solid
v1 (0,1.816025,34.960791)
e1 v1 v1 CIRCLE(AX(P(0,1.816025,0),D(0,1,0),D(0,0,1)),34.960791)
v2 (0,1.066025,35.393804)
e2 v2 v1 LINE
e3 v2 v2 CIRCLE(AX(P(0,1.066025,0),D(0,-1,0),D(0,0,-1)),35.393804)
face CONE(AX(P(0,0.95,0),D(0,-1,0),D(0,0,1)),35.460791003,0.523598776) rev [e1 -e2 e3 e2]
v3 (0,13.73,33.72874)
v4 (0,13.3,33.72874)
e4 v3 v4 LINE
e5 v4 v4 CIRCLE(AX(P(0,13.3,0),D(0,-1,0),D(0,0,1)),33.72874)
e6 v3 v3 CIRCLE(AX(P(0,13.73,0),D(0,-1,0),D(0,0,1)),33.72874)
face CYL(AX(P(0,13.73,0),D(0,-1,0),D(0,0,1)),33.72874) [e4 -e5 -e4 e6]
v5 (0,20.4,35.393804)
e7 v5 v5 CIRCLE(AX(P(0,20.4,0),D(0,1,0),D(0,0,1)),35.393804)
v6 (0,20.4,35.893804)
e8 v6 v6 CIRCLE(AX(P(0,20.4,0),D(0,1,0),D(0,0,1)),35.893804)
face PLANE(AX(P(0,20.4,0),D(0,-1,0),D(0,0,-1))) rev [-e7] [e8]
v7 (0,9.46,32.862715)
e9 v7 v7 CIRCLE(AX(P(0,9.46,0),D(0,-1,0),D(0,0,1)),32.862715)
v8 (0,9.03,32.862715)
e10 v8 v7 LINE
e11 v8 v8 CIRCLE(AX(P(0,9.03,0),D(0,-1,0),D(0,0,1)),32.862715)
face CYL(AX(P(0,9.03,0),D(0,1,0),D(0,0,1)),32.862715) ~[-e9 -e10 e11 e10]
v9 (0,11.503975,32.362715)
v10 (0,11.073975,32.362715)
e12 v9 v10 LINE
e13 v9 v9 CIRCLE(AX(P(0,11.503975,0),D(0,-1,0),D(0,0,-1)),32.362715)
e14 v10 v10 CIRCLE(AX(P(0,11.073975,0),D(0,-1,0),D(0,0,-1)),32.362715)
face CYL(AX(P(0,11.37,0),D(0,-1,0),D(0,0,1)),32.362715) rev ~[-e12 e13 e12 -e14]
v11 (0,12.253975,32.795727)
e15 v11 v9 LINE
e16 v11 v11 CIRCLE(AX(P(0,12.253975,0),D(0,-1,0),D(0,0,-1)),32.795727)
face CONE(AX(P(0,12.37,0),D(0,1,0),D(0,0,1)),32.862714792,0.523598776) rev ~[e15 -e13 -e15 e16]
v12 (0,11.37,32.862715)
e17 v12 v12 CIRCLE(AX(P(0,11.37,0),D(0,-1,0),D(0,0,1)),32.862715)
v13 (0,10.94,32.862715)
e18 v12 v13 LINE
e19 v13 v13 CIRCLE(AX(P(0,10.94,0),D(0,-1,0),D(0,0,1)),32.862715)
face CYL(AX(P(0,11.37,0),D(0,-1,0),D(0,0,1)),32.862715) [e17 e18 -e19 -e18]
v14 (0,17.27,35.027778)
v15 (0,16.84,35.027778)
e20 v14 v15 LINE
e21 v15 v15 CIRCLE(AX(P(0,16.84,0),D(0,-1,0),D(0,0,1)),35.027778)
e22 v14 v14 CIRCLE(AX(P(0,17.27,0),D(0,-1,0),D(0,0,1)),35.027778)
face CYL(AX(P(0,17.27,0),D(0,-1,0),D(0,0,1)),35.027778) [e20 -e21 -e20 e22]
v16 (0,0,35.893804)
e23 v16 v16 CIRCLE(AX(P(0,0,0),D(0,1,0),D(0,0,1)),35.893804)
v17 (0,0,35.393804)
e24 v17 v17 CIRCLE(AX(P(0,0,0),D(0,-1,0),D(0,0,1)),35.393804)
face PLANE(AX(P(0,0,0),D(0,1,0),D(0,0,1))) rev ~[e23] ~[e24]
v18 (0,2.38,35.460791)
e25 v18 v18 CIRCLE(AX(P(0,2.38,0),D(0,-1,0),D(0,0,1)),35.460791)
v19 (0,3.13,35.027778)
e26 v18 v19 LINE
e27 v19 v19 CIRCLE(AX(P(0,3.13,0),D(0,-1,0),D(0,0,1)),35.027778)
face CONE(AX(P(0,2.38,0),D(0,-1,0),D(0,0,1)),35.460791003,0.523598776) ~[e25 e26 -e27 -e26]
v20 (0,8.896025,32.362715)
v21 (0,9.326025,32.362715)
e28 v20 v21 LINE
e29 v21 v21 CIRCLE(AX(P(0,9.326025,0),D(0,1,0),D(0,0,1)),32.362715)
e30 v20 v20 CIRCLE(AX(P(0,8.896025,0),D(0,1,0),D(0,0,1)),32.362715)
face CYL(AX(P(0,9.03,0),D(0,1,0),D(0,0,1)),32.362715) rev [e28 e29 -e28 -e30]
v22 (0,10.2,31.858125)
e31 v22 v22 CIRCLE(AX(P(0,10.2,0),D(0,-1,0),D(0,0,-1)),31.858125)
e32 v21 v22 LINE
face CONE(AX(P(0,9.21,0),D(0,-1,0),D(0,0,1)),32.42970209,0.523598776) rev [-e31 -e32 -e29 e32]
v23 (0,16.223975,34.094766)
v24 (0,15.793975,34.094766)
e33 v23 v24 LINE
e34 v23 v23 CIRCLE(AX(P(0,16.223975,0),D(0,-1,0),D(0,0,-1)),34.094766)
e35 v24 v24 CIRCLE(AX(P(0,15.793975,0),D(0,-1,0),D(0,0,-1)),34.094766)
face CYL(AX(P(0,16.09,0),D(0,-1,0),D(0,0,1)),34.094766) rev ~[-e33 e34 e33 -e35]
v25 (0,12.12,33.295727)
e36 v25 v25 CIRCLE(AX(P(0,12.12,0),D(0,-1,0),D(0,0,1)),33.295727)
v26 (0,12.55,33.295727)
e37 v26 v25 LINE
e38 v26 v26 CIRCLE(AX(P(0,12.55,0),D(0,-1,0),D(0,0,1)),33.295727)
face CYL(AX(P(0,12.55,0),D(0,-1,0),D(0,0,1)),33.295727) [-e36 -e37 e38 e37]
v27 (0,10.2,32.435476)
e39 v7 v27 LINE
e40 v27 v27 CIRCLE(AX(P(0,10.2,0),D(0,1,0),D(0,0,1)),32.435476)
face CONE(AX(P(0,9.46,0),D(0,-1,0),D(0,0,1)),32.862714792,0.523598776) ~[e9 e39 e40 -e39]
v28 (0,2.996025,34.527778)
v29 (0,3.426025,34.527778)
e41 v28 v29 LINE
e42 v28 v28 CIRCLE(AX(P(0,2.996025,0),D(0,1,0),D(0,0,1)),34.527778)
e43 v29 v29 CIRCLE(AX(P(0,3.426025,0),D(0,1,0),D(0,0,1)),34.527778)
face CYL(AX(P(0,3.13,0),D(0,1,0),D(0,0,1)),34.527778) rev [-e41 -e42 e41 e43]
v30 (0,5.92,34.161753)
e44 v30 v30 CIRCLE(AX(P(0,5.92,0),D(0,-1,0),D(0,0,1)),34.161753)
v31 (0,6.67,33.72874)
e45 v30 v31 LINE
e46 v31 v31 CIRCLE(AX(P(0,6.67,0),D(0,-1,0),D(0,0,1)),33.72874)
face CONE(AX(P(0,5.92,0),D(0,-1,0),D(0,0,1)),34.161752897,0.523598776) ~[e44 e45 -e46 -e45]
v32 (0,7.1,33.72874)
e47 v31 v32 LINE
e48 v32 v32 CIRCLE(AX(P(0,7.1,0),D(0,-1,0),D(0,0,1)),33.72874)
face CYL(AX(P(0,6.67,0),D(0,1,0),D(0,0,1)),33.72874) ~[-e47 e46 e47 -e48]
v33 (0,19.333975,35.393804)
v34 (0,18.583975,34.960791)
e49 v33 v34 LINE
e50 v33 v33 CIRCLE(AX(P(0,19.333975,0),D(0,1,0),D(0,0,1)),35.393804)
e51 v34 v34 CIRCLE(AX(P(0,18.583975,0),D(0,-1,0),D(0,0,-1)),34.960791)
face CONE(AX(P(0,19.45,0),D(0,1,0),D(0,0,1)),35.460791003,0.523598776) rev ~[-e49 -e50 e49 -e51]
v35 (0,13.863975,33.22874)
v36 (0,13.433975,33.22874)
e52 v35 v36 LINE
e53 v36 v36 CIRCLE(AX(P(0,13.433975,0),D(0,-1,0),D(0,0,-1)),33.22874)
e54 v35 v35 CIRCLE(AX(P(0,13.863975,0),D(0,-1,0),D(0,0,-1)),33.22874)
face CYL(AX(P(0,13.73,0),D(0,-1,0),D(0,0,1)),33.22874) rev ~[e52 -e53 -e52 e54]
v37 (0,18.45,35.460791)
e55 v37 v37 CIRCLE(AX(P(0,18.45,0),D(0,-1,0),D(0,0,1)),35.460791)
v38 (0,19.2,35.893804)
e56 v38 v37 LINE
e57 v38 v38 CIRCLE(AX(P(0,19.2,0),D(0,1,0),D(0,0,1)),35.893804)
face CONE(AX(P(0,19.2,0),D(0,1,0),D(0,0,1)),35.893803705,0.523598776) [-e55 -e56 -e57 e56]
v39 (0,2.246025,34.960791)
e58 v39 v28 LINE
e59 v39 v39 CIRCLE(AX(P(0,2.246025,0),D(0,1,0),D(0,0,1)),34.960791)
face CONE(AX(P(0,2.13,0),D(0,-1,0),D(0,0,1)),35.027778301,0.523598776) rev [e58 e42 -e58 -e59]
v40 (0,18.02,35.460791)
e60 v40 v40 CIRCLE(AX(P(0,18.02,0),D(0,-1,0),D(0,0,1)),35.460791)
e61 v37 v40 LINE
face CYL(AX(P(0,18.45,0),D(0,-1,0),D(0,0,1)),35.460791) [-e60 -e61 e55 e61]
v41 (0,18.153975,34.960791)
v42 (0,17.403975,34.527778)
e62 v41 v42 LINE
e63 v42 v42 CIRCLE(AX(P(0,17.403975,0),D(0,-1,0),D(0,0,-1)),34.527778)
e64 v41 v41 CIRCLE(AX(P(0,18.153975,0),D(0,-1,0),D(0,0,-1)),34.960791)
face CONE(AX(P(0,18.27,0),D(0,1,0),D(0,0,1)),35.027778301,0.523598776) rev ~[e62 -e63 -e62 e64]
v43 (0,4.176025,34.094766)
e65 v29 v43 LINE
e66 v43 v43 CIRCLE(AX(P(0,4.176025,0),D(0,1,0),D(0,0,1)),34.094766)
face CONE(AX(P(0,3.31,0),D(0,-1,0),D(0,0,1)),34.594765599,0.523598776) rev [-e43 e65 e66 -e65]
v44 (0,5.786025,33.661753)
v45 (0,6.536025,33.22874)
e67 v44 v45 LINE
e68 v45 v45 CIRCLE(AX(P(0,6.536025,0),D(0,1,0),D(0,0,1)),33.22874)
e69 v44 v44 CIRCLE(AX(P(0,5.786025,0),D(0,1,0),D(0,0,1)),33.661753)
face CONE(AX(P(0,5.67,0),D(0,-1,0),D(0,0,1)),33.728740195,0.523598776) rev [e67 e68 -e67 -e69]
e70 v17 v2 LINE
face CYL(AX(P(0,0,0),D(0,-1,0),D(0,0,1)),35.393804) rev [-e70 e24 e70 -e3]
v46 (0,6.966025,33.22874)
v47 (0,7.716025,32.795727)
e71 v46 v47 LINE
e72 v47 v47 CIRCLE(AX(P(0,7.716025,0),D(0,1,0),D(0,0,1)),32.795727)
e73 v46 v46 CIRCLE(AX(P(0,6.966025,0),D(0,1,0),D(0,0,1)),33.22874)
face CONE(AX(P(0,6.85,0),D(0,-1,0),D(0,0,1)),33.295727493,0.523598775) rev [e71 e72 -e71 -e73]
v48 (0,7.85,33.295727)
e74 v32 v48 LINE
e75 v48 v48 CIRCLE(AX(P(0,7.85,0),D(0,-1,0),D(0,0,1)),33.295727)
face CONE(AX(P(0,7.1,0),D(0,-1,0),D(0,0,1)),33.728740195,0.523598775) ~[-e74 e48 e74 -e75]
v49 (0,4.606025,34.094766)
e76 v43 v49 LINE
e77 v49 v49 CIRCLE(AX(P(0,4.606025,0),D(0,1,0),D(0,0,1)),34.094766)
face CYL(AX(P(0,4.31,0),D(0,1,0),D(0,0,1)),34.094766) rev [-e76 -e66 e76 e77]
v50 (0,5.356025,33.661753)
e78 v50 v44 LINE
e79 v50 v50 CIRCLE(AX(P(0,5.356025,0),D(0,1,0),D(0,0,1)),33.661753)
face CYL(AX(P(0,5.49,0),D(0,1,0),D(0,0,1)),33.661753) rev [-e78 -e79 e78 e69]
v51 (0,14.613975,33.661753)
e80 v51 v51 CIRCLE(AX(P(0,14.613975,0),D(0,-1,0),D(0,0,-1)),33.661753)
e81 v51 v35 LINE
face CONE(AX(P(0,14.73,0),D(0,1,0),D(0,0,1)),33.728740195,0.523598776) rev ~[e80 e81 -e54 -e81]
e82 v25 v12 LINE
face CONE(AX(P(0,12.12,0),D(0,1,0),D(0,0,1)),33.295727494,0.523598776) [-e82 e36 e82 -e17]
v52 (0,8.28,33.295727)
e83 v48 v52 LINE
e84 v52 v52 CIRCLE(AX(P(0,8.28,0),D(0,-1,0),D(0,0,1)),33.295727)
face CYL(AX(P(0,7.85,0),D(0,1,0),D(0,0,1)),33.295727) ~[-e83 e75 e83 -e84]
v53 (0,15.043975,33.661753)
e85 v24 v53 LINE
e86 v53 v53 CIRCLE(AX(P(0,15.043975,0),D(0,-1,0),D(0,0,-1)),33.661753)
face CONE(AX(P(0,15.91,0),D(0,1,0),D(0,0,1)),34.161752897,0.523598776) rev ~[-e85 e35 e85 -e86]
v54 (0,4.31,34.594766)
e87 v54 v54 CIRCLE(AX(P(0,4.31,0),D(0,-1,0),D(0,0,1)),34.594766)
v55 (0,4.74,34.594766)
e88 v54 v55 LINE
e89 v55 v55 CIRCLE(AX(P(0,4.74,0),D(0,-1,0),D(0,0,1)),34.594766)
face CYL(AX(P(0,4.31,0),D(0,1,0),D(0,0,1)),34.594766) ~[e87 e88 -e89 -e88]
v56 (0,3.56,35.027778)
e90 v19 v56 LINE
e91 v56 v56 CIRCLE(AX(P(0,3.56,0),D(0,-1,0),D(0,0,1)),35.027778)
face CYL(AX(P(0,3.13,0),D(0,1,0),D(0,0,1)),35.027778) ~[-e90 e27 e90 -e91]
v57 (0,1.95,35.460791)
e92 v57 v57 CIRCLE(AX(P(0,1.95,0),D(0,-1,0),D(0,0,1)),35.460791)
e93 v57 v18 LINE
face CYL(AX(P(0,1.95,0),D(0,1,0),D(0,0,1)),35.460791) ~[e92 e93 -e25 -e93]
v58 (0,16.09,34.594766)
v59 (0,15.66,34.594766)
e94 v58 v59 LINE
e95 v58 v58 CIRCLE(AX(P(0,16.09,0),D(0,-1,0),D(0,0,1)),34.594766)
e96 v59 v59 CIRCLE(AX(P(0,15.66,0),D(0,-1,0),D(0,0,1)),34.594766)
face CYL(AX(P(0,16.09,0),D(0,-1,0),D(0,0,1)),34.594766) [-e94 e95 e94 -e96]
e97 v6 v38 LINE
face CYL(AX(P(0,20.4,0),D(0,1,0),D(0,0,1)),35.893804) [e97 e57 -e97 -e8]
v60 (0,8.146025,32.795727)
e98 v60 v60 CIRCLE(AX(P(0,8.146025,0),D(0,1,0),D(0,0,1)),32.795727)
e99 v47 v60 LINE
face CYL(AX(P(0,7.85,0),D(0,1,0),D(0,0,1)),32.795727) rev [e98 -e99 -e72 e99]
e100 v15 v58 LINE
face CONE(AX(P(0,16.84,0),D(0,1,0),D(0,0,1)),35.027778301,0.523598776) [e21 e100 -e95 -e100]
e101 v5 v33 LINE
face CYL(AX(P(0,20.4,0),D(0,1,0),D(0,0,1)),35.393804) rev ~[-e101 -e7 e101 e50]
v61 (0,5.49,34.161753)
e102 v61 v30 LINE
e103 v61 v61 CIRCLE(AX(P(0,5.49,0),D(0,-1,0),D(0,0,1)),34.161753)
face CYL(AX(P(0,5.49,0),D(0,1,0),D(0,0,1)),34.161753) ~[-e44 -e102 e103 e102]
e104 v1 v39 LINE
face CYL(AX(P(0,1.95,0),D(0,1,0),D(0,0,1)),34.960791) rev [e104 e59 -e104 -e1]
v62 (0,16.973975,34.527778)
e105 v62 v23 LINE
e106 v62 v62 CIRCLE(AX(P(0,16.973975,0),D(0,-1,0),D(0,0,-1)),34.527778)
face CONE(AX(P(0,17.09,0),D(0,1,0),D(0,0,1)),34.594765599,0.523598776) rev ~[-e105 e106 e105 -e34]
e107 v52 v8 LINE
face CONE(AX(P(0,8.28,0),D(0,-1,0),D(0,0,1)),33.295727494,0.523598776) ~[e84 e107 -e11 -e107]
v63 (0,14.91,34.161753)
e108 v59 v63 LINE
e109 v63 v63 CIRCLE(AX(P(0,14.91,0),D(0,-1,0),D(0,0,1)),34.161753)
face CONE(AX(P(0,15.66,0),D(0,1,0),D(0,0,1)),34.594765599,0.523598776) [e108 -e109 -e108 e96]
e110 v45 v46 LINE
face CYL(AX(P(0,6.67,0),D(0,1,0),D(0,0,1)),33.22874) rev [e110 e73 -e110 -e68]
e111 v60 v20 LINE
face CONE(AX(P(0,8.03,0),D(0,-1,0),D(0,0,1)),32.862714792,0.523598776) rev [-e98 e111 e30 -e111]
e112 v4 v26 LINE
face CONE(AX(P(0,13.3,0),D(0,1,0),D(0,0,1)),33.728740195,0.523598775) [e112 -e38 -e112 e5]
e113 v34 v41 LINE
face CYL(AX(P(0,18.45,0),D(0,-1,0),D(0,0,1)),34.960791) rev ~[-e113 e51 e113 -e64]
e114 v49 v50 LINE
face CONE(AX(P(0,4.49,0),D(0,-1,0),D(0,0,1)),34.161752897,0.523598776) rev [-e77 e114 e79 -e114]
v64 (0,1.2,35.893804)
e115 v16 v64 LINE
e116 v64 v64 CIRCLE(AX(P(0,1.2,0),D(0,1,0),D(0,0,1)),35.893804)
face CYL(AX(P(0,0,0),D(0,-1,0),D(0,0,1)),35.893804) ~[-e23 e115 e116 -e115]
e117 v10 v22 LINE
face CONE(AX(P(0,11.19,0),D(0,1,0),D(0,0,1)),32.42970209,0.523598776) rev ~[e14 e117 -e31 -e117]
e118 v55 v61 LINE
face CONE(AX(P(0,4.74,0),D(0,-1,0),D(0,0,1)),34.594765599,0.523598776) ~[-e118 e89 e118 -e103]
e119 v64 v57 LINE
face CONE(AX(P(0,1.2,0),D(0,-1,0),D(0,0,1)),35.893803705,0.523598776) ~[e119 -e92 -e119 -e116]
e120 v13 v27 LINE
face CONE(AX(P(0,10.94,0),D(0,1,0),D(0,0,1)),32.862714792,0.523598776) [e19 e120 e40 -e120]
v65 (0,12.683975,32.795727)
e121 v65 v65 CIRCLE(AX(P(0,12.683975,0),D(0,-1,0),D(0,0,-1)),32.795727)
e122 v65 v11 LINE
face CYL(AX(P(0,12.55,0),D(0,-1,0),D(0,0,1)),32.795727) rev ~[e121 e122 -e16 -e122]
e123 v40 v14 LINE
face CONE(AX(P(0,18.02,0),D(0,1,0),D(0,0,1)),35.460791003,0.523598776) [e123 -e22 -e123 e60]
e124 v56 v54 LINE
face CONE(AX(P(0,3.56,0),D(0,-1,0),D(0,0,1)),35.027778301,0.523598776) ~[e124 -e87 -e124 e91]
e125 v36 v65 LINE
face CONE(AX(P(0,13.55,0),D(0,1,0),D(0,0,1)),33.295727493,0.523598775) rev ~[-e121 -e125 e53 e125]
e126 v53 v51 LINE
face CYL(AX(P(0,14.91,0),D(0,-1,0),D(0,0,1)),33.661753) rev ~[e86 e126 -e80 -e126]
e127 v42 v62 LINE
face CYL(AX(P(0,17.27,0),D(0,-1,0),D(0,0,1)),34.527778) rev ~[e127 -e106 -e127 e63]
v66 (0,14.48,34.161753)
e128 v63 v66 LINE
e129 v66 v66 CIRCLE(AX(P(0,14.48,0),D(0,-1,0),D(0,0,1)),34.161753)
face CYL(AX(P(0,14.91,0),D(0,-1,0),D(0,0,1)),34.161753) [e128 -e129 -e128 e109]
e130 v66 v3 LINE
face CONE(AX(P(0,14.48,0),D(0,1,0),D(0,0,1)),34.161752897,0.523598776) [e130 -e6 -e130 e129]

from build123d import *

# Parameters (mm, degrees)
SKETCH_1_R      = 35.893803705
EXTRUDE_1_DEPTH = 1.2
SHELL_1_T       = -0.5


with BuildPart() as part:
    # 스케치1 → 보스-돌출1 (new body)
    with BuildSketch(Plane(origin=(0, 0, 0), x_dir=(1, 0, 0), z_dir=(0, 1, 0))):
        with Locations(Location((0, 0, 0), (0, 0, 270))):
            Circle(SKETCH_1_R)
    extrude_1 = extrude(amount=EXTRUDE_1_DEPTH)

    # 스케치4 → 회전1 (revolve)
    with BuildSketch(Plane(origin=(0, 0, 0), x_dir=(0, 0, -1), z_dir=(1, 0, 0))):
        Polygon((-35.893803705, 1.2), (-35.460791003, 1.95), (-35.460791003, 2.38), (-35.027778301, 3.13), (-35.027778301, 3.56), (-34.594765599, 4.31), (-34.594765599, 4.74), (-34.161752897, 5.49), (-34.161752897, 5.92), (-33.728740195, 6.67), (-33.728740195, 7.1), (-33.295727494, 7.85), (-33.295727494, 8.28), (-32.862714792, 9.03), (-32.862714792, 9.46), (-32.42970209, 10.21), (0, 10.2), (0, 1.2), align=None)
    revolve_1 = revolve(axis=Axis((0, 10.2, 0), (0, -1, 0)))

    # 대칭 복사1: 보스-돌출1, 회전1 across plane
    add(extrude_1.mirror(Plane.ZX.offset(10.2)))
    add(revolve_1.mirror(Plane.ZX.offset(10.2)))

    # 쉘1
    shell_1_openings = [part.faces().sort_by_distance(p)[0] for p in [
        (0, 0, 0),
        (0, 20.4, 0),
    ]]
    offset(amount=SHELL_1_T, openings=shell_1_openings, kind=Kind.INTERSECTION)


solid = part.part
